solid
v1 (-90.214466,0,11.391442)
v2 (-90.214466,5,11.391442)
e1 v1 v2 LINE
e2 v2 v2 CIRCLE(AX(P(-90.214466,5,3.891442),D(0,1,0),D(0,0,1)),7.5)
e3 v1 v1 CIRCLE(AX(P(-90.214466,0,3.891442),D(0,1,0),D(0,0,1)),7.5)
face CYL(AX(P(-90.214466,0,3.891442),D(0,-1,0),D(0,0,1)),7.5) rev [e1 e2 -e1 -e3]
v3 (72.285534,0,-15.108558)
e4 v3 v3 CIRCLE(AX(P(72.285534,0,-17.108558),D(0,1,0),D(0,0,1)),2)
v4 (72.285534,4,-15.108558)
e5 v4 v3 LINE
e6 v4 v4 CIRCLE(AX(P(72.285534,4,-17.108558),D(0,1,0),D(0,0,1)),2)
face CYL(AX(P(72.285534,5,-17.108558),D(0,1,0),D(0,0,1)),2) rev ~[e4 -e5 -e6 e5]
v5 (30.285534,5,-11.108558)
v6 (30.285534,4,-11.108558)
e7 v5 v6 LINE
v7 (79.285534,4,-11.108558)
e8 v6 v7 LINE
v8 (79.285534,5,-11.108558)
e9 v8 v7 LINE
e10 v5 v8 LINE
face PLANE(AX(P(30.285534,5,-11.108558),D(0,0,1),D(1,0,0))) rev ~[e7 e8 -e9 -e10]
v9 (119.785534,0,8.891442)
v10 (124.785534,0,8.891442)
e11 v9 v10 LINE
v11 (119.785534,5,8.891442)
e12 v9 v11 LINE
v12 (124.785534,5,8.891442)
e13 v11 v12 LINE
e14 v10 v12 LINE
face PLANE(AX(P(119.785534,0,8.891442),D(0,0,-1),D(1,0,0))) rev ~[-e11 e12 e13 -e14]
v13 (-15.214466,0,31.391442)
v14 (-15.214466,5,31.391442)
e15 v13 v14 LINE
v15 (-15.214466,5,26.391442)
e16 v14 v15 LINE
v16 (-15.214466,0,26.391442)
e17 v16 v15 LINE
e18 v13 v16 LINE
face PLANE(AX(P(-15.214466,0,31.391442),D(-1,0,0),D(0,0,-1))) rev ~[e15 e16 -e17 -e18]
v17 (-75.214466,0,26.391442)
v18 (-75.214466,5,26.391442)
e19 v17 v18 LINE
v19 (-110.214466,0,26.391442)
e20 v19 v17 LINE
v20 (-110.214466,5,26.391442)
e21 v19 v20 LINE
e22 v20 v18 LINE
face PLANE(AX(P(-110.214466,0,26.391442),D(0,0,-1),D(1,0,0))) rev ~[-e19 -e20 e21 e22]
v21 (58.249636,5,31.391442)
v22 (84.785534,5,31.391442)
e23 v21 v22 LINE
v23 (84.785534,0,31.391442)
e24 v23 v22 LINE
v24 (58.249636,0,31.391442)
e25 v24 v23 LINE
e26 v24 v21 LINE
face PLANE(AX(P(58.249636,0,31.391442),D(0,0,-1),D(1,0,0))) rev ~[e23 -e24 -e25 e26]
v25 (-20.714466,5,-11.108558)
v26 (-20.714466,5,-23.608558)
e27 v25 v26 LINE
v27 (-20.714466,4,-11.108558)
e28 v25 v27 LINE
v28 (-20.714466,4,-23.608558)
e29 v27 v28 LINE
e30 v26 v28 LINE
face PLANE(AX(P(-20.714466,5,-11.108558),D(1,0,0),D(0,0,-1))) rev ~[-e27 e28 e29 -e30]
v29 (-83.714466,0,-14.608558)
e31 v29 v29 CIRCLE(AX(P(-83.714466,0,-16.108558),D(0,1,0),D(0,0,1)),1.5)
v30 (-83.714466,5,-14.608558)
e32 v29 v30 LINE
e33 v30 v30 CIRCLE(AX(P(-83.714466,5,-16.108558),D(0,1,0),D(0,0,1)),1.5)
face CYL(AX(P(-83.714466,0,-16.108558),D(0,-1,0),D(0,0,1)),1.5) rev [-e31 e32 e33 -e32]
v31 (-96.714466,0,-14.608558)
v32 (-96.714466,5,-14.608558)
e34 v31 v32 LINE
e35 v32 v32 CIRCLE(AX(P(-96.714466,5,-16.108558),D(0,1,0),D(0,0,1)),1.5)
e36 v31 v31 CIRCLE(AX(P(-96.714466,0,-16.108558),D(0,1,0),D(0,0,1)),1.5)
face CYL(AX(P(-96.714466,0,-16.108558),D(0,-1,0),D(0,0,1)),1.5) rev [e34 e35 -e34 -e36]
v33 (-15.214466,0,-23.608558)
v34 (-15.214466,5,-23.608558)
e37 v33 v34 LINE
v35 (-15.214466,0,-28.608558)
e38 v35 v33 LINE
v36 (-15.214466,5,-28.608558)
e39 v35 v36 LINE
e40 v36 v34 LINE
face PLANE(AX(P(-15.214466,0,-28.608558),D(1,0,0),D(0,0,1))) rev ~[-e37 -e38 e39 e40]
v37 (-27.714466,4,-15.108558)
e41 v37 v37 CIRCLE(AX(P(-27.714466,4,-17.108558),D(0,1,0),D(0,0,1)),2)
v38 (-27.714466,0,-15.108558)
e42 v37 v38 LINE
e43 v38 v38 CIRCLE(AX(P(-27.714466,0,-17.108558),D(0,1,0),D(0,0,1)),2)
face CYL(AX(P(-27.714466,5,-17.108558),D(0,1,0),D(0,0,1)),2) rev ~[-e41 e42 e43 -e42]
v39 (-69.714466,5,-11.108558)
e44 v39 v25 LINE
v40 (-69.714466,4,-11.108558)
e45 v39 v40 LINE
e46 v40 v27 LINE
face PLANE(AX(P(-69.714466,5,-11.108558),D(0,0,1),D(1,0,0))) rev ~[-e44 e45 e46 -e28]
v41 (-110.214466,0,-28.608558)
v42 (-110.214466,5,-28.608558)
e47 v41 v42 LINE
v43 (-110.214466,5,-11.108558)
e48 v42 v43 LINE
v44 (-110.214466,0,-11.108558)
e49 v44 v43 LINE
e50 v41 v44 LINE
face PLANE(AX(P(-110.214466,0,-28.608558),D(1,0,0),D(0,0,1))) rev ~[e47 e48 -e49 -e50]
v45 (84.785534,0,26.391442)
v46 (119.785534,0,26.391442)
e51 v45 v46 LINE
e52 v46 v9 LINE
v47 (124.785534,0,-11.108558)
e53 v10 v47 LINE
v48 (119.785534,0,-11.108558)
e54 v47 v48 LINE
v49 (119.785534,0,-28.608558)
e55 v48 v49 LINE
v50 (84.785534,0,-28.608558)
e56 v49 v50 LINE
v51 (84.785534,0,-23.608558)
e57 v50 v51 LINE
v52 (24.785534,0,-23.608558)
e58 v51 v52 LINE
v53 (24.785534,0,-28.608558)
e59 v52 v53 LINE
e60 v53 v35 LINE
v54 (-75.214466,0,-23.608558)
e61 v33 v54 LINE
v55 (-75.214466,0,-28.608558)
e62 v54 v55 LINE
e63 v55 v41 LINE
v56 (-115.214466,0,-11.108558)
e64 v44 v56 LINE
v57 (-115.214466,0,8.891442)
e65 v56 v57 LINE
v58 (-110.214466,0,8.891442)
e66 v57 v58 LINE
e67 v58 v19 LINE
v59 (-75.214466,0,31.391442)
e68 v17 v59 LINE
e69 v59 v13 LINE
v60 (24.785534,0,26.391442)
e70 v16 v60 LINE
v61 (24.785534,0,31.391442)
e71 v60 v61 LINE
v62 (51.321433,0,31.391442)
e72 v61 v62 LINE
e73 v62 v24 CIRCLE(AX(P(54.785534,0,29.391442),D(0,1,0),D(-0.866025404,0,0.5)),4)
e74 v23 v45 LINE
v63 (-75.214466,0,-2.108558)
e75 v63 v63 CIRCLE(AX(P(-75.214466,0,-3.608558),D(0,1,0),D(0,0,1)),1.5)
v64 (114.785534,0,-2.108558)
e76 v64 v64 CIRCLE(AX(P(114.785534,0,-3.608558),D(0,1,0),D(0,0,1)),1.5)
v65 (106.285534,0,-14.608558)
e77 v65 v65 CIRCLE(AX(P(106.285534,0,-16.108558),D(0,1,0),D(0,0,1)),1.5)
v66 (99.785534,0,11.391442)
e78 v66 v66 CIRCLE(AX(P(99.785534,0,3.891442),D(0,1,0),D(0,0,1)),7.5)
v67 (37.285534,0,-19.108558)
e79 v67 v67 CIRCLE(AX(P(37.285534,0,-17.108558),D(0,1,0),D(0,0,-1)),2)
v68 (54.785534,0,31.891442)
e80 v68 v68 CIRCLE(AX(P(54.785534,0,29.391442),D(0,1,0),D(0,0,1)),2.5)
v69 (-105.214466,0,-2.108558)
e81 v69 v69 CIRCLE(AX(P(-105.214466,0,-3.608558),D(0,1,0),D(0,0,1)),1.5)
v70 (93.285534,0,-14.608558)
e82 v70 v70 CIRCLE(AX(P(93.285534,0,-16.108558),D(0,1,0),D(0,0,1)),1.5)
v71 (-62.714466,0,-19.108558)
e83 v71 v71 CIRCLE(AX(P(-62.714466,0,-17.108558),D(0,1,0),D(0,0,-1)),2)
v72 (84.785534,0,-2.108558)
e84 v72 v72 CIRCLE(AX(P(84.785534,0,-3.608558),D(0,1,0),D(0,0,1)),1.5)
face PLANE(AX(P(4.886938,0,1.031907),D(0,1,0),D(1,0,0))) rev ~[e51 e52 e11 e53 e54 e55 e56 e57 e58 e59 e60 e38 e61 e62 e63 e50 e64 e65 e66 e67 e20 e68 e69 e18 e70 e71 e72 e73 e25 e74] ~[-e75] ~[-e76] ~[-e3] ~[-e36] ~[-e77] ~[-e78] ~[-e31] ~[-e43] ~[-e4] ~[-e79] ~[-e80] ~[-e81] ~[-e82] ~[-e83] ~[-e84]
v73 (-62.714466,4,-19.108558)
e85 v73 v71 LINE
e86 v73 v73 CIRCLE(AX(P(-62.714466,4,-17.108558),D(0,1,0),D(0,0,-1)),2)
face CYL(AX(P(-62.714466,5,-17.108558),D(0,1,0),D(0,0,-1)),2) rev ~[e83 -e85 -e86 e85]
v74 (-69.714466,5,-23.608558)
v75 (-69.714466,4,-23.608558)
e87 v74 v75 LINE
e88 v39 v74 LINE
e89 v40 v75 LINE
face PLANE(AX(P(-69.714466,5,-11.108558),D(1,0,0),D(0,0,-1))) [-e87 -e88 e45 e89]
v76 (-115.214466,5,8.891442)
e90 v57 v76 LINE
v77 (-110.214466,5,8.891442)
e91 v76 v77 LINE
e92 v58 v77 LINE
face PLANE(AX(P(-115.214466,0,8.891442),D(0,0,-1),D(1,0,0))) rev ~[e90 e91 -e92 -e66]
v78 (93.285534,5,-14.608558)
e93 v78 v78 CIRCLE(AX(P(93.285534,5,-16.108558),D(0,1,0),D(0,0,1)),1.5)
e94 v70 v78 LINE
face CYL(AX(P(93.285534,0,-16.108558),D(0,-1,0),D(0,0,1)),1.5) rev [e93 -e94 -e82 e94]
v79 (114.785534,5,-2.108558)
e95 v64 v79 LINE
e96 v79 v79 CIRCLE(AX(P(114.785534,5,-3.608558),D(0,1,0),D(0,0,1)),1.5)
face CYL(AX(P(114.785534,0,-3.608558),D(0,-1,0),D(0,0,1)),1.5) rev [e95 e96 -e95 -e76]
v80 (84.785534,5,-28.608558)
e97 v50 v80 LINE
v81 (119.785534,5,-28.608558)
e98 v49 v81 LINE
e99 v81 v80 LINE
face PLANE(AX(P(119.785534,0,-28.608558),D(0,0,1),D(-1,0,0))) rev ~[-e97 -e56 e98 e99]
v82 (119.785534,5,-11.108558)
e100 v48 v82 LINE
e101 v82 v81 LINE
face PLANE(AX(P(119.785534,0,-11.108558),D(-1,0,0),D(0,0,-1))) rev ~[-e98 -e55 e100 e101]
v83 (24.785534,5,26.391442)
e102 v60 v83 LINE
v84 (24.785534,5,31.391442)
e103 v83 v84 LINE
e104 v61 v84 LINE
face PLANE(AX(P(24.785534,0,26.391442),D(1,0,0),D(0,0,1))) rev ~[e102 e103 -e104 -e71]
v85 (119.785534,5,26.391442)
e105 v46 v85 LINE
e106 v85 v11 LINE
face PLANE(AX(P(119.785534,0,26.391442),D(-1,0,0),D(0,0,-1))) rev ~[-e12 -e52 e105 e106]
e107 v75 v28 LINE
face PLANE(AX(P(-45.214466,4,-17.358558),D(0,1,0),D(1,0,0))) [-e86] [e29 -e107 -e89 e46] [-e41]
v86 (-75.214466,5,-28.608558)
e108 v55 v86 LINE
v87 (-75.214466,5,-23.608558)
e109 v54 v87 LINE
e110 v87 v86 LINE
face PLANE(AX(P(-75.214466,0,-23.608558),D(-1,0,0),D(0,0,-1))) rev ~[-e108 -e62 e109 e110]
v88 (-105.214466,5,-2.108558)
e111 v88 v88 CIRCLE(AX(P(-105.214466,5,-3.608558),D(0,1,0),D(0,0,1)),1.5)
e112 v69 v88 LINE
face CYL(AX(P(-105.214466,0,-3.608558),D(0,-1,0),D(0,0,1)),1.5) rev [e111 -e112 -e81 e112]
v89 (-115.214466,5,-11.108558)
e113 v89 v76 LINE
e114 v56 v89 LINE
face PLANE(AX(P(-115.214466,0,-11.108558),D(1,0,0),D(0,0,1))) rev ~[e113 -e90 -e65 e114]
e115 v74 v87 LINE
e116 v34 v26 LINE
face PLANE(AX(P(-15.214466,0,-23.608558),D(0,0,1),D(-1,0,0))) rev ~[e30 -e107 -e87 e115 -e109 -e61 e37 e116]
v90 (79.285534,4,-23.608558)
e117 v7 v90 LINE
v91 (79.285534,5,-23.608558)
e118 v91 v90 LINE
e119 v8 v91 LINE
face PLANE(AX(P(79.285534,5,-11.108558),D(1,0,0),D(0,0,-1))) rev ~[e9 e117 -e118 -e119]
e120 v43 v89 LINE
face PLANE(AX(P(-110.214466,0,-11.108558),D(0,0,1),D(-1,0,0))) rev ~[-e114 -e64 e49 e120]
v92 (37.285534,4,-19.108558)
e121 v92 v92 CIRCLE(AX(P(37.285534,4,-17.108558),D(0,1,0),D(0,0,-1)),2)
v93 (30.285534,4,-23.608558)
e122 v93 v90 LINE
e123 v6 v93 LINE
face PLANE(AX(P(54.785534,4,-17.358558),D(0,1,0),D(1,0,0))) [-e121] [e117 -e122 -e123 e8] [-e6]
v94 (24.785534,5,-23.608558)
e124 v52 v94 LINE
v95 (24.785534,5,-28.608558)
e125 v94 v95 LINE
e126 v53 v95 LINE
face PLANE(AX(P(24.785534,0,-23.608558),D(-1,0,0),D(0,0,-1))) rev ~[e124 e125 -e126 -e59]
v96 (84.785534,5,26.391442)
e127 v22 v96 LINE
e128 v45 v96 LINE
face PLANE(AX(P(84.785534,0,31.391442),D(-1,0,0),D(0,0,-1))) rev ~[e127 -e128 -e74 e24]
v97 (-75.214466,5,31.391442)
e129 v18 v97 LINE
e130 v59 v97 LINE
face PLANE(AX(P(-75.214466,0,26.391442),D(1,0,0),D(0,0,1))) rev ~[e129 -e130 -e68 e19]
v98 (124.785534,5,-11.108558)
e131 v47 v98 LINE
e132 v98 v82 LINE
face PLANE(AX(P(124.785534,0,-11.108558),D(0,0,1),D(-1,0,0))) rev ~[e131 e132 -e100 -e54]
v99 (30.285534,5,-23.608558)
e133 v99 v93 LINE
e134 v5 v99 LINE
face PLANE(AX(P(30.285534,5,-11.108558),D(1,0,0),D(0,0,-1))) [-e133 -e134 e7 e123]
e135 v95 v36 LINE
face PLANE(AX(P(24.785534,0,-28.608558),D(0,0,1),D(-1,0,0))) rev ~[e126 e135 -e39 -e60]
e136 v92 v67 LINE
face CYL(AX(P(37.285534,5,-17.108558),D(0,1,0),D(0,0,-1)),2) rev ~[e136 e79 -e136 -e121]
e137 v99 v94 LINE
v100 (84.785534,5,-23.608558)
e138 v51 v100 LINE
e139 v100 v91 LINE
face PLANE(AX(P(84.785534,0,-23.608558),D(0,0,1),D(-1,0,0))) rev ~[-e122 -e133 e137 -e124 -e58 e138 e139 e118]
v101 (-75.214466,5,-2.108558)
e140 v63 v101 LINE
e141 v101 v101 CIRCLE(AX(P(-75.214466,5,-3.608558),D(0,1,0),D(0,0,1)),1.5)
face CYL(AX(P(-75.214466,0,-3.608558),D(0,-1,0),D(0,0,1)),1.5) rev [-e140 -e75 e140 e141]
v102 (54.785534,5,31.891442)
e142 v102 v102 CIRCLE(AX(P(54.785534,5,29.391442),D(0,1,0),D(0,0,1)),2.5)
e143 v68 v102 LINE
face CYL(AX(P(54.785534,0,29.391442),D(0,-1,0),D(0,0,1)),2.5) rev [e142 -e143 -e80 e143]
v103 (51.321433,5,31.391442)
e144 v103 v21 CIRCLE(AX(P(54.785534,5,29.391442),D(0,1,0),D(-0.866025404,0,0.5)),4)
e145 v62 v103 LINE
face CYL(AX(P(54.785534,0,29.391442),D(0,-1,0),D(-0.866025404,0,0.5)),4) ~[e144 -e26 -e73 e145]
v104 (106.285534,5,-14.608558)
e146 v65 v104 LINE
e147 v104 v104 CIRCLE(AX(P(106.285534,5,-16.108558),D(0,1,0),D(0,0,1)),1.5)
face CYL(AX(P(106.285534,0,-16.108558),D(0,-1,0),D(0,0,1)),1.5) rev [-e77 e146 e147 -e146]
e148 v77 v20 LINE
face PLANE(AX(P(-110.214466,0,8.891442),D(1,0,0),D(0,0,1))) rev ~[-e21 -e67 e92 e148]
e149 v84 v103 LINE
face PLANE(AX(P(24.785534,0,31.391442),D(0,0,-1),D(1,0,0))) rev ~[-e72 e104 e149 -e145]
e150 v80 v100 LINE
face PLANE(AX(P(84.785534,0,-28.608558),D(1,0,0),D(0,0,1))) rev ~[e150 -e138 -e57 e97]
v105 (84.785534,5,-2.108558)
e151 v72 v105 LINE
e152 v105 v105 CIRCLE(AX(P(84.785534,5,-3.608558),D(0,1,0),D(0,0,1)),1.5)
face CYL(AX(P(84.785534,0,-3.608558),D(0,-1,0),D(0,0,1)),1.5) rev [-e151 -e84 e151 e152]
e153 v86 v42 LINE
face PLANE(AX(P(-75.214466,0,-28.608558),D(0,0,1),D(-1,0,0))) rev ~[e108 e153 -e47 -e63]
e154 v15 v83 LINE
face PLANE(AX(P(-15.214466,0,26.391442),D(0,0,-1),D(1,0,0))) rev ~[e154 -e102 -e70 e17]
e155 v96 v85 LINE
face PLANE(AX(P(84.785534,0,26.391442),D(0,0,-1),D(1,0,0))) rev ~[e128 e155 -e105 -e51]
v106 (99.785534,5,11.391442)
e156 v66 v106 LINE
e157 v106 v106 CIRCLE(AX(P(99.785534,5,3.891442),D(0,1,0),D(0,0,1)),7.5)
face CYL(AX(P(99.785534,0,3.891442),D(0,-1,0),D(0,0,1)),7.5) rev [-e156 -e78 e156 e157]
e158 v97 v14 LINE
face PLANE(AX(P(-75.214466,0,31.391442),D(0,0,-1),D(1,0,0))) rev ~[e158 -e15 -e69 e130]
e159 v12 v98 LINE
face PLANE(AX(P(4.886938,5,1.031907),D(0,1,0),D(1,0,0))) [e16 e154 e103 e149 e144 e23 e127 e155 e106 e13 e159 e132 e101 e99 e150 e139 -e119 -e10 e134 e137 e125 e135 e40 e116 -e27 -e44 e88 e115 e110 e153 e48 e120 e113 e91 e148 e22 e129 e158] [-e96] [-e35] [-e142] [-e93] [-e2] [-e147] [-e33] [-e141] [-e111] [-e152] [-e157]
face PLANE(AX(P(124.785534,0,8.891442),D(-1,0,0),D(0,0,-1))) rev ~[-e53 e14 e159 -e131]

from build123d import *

# Parameters (mm, degrees)
ESQUISSE2_R             = 2.5
ESQUISSE2_R_2           = 7.5
ESQUISSE2_R_3           = 1.5
BOSS_EXTRU_5_DEPTH      = 5
ESQUISSE3_W             = 49
ESQUISSE3_H             = 12.5
ENL_V_MAT_EXTRU_1_DEPTH = 1
ESQUISSE4_R             = 2
ENL_V_MAT_EXTRU_2_DEPTH = 130.272649712


with BuildPart() as part:
    # Esquisse2 → Boss.-Extru.5 (new body)
    with BuildSketch(Plane(origin=(0, 0, 0), x_dir=(1, 0, 0), z_dir=(0, 1, 0))):
        with BuildLine():
            Line((-75.214465703, -26.391441925), (-75.214465703, -31.391441925))
            Line((-75.214465703, -31.391441925), (-15.214465703, -31.391441925))
            Line((-15.214465703, -31.391441925), (-15.214465703, -26.391441925))
            Line((-15.214465703, -26.391441925), (24.785534297, -26.391441925))
            Line((24.785534297, -26.391441925), (24.785534297, -31.391441925))
            Line((24.785534297, -31.391441925), (51.321432682, -31.391441925))
            ThreePointArc((51.321432682, -31.391441925), (54.785534297, -33.391441925), (58.249635912, -31.391441925))
            Line((58.249635912, -31.391441925), (84.785534297, -31.391441925))
            Line((84.785534297, -31.391441925), (84.785534297, -26.391441925))
            Line((84.785534297, -26.391441925), (119.785534297, -26.391441925))
            Line((119.785534297, -26.391441925), (119.785534297, -8.891441925))
            Line((119.785534297, -8.891441925), (124.785534297, -8.891441925))
            Line((124.785534297, -8.891441925), (124.785534297, 11.108558075))
            Line((124.785534297, 11.108558075), (119.785534297, 11.108558075))
            Line((119.785534297, 11.108558075), (119.785534297, 28.608558075))
            Line((119.785534297, 28.608558075), (84.785534297, 28.608558075))
            Line((84.785534297, 28.608558075), (84.785534297, 23.608558075))
            Line((84.785534297, 23.608558075), (24.785534297, 23.608558075))
            Line((24.785534297, 23.608558075), (24.785534297, 28.608558075))
            Line((24.785534297, 28.608558075), (-15.214465703, 28.608558075))
            Line((-15.214465703, 28.608558075), (-15.214465703, 23.608558075))
            Line((-15.214465703, 23.608558075), (-75.214465703, 23.608558075))
            Line((-75.214465703, 23.608558075), (-75.214465703, 28.608558075))
            Line((-75.214465703, 28.608558075), (-110.214465703, 28.608558075))
            Line((-110.214465703, 28.608558075), (-110.214465703, 11.108558075))
            Line((-110.214465703, 11.108558075), (-115.214465703, 11.108558075))
            Line((-115.214465703, 11.108558075), (-115.214465703, -8.891441925))
            Line((-115.214465703, -8.891441925), (-110.214465703, -8.891441925))
            Line((-110.214465703, -8.891441925), (-110.214465703, -26.391441925))
            Line((-110.214465703, -26.391441925), (-75.214465703, -26.391441925))
        make_face()
        with Locations(Location((54.785534297, -29.391441925, 0), (0, 0, 270))):
            Circle(ESQUISSE2_R, mode=Mode.SUBTRACT)
        with Locations(Location((-90.214465703, -3.891441925, 0), (0, 0, 270))):
            Circle(ESQUISSE2_R_2, mode=Mode.SUBTRACT)
        with Locations(Location((99.785534297, -3.891441925, 0), (0, 0, 270))):
            Circle(ESQUISSE2_R_2, mode=Mode.SUBTRACT)
        with Locations(Location((-105.214465703, 3.608558075, 0), (0, 0, 270))):
            Circle(ESQUISSE2_R_3, mode=Mode.SUBTRACT)
        with Locations(Location((-75.214465703, 3.608558075, 0), (0, 0, 270))):
            Circle(ESQUISSE2_R_3, mode=Mode.SUBTRACT)
        with Locations(Location((-96.714465703, 16.108558075, 0), (0, 0, 270))):
            Circle(ESQUISSE2_R_3, mode=Mode.SUBTRACT)
        with Locations(Location((-83.714465703, 16.108558075, 0), (0, 0, 270))):
            Circle(ESQUISSE2_R_3, mode=Mode.SUBTRACT)
        with Locations(Location((84.785534297, 3.608558075, 0), (0, 0, 270))):
            Circle(ESQUISSE2_R_3, mode=Mode.SUBTRACT)
        with Locations(Location((114.785534297, 3.608558075, 0), (0, 0, 270))):
            Circle(ESQUISSE2_R_3, mode=Mode.SUBTRACT)
        with Locations(Location((93.285534297, 16.108558075, 0), (0, 0, 270))):
            Circle(ESQUISSE2_R_3, mode=Mode.SUBTRACT)
        with Locations(Location((106.285534297, 16.108558075, 0), (0, 0, 270))):
            Circle(ESQUISSE2_R_3, mode=Mode.SUBTRACT)
    extrude(amount=BOSS_EXTRU_5_DEPTH)

    # Esquisse3 → Enlèv. mat.-Extru.1 (cut)
    with BuildSketch(Plane(origin=(0, 5, 0), x_dir=(1, 0, 0), z_dir=(0, 1, 0))):
        with Locations((54.785534297, 17.358558075)):
            Rectangle(ESQUISSE3_W, ESQUISSE3_H)
        with Locations((-45.214465703, 17.358558075)):
            Rectangle(ESQUISSE3_W, ESQUISSE3_H)
    extrude(amount=-ENL_V_MAT_EXTRU_1_DEPTH, mode=Mode.SUBTRACT)

    # Esquisse4 → Enlèv. mat.-Extru.2 (cut, through all)
    with BuildSketch(Plane(origin=(0, 5, 0), x_dir=(1, 0, 0), z_dir=(0, 1, 0))):
        with Locations(Location((72.285534297, 17.108558075, 0), (0, 0, 270))):
            Circle(ESQUISSE4_R)
        with Locations(Location((37.285534297, 17.108558075, 0), (0, 0, 90))):
            Circle(ESQUISSE4_R)
        with Locations(Location((-27.714465703, 17.108558075, 0), (0, 0, 270))):
            Circle(ESQUISSE4_R)
        with Locations(Location((-62.714465703, 17.108558075, 0), (0, 0, 90))):
            Circle(ESQUISSE4_R)
    extrude(amount=-ENL_V_MAT_EXTRU_2_DEPTH, mode=Mode.SUBTRACT)


solid = part.part
